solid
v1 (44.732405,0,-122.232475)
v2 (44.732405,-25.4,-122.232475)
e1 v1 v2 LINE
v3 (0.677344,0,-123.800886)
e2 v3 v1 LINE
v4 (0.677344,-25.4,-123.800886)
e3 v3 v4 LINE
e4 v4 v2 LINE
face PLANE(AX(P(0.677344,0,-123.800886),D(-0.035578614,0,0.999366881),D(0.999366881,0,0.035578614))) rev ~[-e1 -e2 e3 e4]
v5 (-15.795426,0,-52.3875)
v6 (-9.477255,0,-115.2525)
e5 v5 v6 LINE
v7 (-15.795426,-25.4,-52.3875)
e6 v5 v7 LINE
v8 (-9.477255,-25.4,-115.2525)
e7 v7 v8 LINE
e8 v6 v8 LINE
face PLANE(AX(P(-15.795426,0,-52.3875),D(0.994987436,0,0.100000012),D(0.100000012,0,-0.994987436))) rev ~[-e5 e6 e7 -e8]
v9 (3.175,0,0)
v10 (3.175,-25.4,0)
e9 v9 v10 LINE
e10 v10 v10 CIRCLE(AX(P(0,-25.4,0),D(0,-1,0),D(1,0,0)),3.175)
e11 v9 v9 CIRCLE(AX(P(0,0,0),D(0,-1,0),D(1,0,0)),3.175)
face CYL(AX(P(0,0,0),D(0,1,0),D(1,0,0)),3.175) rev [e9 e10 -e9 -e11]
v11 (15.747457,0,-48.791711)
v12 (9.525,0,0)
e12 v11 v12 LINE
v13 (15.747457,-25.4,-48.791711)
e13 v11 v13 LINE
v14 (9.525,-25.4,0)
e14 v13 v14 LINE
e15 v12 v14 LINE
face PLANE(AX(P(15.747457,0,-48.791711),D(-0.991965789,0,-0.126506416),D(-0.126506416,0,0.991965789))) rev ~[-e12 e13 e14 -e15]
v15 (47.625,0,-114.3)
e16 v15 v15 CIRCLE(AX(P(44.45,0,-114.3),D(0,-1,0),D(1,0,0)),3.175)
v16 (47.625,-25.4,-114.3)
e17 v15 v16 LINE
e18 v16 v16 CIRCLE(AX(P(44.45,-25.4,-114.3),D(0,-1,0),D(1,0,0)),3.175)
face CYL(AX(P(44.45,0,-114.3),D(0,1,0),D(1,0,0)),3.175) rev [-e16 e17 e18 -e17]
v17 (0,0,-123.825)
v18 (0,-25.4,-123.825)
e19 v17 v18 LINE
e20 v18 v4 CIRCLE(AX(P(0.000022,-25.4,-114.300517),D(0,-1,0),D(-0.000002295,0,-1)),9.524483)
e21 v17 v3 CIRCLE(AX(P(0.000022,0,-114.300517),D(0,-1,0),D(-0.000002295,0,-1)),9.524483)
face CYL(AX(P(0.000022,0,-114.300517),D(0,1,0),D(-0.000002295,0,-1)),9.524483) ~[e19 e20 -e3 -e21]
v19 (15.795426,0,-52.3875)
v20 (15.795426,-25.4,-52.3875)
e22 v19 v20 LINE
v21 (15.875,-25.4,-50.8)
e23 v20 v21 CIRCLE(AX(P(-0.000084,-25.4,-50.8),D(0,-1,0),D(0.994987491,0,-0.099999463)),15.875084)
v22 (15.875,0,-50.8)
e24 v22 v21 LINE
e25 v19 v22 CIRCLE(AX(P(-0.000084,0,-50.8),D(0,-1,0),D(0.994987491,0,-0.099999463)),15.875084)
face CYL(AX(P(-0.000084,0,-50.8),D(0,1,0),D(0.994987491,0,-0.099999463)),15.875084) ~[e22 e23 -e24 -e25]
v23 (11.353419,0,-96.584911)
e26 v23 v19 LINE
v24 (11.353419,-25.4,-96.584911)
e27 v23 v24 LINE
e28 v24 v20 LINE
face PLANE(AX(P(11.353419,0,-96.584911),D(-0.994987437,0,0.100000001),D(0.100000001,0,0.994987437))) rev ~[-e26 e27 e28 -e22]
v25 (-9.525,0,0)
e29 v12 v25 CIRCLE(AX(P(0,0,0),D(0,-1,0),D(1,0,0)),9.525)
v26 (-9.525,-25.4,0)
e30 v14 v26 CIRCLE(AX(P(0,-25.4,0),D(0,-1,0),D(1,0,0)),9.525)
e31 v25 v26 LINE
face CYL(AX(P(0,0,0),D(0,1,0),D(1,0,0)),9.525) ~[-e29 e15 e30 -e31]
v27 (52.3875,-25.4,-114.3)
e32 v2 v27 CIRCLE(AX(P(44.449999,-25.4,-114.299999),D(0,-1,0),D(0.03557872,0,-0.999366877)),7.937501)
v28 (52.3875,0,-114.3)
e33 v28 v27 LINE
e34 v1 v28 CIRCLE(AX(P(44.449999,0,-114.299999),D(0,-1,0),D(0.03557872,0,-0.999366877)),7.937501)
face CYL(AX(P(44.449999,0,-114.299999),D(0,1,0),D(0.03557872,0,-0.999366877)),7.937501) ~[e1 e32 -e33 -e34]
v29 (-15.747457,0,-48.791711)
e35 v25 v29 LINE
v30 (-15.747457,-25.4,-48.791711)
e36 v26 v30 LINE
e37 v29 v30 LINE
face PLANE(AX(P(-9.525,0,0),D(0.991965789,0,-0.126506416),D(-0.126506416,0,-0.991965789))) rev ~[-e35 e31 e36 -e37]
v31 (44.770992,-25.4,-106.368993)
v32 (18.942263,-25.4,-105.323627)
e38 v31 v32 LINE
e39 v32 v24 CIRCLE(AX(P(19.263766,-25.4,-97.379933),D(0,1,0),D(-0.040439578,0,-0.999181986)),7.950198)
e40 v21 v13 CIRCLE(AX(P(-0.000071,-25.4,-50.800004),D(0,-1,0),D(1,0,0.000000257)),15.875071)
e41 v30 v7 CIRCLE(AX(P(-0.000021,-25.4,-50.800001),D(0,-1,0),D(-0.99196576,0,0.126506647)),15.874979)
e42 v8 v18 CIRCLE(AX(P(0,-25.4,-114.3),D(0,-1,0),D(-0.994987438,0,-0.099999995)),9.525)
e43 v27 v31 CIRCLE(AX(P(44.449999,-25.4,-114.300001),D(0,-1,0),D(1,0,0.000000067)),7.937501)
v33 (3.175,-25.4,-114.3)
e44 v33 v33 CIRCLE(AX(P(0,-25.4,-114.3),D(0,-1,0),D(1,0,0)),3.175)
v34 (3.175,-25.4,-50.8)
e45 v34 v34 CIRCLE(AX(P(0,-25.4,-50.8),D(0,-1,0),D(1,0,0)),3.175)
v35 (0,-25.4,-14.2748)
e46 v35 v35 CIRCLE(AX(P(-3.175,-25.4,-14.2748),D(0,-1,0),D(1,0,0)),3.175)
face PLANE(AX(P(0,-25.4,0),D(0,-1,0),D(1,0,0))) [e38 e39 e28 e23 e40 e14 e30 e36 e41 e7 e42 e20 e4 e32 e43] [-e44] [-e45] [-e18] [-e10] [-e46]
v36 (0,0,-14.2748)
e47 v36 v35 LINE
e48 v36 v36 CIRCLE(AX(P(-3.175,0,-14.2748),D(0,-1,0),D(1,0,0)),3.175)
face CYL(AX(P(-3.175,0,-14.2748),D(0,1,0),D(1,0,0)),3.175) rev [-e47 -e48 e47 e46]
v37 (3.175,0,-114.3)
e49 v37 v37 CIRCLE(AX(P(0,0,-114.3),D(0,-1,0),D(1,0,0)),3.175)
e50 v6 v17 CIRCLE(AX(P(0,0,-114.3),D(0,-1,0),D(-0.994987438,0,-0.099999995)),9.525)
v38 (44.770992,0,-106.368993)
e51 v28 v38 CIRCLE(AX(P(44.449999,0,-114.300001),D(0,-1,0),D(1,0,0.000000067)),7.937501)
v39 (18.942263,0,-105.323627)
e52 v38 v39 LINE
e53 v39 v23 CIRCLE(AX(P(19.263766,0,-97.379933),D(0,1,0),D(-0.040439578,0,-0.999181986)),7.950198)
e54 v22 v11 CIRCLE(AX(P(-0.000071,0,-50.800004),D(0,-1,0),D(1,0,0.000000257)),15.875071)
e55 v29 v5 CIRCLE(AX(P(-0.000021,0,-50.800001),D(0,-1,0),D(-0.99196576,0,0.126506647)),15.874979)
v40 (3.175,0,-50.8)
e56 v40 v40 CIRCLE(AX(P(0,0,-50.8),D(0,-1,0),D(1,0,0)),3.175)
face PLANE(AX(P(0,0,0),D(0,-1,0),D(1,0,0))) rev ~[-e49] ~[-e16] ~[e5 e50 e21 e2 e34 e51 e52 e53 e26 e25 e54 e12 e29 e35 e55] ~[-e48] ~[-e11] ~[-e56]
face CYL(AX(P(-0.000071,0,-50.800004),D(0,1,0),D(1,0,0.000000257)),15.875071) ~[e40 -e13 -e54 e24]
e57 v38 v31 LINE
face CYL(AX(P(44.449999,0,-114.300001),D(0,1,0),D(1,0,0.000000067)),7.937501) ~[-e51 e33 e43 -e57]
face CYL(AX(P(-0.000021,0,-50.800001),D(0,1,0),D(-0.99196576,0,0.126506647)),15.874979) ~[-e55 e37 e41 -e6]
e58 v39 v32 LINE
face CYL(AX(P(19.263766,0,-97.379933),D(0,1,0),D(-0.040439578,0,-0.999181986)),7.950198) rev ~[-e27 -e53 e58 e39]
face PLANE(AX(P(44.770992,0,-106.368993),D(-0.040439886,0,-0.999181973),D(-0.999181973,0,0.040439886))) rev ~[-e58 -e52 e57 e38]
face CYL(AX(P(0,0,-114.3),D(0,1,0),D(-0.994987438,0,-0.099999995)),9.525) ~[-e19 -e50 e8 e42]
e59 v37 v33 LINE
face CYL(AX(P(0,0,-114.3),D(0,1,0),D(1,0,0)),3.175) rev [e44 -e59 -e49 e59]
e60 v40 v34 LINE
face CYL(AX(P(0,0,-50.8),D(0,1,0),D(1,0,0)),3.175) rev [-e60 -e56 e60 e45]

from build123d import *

# Parameters (mm, degrees)
F0_R     = 3.175
F1_DEPTH = 25.4


with BuildPart() as f1:
    # F0 (on Front) → F1 (new body)
    with BuildSketch(Plane.XZ):
        with BuildLine():
            ThreePointArc((-9.525, 0), (0, -9.525), (9.525, 0))
            ThreePointArc((9.525, 0), (0, 9.525), (-9.525, 0))
        make_face()
        Circle(F0_R, mode=Mode.SUBTRACT)
        with BuildLine():
            Line((15.747457, -48.791711), (9.525, 0))
            ThreePointArc((9.525, 0), (0, -9.525), (-9.525, 0))
            Line((-9.525, 0), (-15.747457, -48.791711))
            ThreePointArc((-15.747457, -48.791711), (0, -34.925), (15.747457, -48.791711))
        make_face()
        with Locations((-3.175, -14.2748)):
            Circle(F0_R, mode=Mode.SUBTRACT)
        with BuildLine():
            ThreePointArc((15.875, -50.8), (15.843082, -49.793832), (15.747457, -48.791711))
            ThreePointArc((15.747457, -48.791711), (0, -34.925), (-15.747457, -48.791711))
            ThreePointArc((-15.747457, -48.791711), (-15.873588, -50.588243), (-15.795426, -52.3875))
            ThreePointArc((-15.795426, -52.3875), (0, -66.675), (15.795426, -52.3875))
            ThreePointArc((15.795426, -52.3875), (15.855094, -51.594747), (15.875, -50.8))
        make_face()
        with Locations((0, -50.8)):
            Circle(F0_R, mode=Mode.SUBTRACT)
        with BuildLine():
            ThreePointArc((15.795426, -52.3875), (0, -66.675), (-15.795426, -52.3875))
            Line((-15.795426, -52.3875), (-9.477255, -115.2525))
            ThreePointArc((-9.477255, -115.2525), (-0.476848, -104.786944), (9.525, -114.3))
            ThreePointArc((9.525, -114.3), (6.970557, -120.791299), (0.677344, -123.800886))
            Line((0.677344, -123.800886), (44.732405, -122.232475))
            ThreePointArc((44.732405, -122.232475), (36.512523, -114.280693), (44.770992, -106.368993))
            Line((44.770992, -106.368993), (18.942263, -105.323627))
            ThreePointArc((18.942263, -105.323627), (13.261089, -102.592755), (11.353419, -96.584911))
            Line((11.353419, -96.584911), (15.795426, -52.3875))
        make_face()
        with BuildLine():
            ThreePointArc((9.525, -114.3), (-0.476848, -104.786944), (-9.477255, -115.2525))
            ThreePointArc((-9.477255, -115.2525), (-6.389564, -121.363929), (0, -123.825))
            Line((0, -123.825), (0.677344, -123.800886))
            ThreePointArc((0.677344, -123.800886), (6.970557, -120.791299), (9.525, -114.3))
        make_face()
        with Locations((0, -114.3)):
            Circle(F0_R, mode=Mode.SUBTRACT)
        with BuildLine():
            Line((0.677344, -123.800886), (0, -123.825))
            ThreePointArc((0, -123.825), (0.338886, -123.81897), (0.677344, -123.800886))
        make_face()
        with BuildLine():
            ThreePointArc((52.3875, -114.3), (50.175023, -108.801999), (44.770992, -106.368993))
            ThreePointArc((44.770992, -106.368993), (36.512523, -114.280693), (44.732405, -122.232475))
            ThreePointArc((44.732405, -122.232475), (50.161633, -119.81191), (52.3875, -114.3))
        make_face()
        with Locations((44.45, -114.3)):
            Circle(F0_R, mode=Mode.SUBTRACT)
    extrude(amount=F1_DEPTH)


solid = f1.part
